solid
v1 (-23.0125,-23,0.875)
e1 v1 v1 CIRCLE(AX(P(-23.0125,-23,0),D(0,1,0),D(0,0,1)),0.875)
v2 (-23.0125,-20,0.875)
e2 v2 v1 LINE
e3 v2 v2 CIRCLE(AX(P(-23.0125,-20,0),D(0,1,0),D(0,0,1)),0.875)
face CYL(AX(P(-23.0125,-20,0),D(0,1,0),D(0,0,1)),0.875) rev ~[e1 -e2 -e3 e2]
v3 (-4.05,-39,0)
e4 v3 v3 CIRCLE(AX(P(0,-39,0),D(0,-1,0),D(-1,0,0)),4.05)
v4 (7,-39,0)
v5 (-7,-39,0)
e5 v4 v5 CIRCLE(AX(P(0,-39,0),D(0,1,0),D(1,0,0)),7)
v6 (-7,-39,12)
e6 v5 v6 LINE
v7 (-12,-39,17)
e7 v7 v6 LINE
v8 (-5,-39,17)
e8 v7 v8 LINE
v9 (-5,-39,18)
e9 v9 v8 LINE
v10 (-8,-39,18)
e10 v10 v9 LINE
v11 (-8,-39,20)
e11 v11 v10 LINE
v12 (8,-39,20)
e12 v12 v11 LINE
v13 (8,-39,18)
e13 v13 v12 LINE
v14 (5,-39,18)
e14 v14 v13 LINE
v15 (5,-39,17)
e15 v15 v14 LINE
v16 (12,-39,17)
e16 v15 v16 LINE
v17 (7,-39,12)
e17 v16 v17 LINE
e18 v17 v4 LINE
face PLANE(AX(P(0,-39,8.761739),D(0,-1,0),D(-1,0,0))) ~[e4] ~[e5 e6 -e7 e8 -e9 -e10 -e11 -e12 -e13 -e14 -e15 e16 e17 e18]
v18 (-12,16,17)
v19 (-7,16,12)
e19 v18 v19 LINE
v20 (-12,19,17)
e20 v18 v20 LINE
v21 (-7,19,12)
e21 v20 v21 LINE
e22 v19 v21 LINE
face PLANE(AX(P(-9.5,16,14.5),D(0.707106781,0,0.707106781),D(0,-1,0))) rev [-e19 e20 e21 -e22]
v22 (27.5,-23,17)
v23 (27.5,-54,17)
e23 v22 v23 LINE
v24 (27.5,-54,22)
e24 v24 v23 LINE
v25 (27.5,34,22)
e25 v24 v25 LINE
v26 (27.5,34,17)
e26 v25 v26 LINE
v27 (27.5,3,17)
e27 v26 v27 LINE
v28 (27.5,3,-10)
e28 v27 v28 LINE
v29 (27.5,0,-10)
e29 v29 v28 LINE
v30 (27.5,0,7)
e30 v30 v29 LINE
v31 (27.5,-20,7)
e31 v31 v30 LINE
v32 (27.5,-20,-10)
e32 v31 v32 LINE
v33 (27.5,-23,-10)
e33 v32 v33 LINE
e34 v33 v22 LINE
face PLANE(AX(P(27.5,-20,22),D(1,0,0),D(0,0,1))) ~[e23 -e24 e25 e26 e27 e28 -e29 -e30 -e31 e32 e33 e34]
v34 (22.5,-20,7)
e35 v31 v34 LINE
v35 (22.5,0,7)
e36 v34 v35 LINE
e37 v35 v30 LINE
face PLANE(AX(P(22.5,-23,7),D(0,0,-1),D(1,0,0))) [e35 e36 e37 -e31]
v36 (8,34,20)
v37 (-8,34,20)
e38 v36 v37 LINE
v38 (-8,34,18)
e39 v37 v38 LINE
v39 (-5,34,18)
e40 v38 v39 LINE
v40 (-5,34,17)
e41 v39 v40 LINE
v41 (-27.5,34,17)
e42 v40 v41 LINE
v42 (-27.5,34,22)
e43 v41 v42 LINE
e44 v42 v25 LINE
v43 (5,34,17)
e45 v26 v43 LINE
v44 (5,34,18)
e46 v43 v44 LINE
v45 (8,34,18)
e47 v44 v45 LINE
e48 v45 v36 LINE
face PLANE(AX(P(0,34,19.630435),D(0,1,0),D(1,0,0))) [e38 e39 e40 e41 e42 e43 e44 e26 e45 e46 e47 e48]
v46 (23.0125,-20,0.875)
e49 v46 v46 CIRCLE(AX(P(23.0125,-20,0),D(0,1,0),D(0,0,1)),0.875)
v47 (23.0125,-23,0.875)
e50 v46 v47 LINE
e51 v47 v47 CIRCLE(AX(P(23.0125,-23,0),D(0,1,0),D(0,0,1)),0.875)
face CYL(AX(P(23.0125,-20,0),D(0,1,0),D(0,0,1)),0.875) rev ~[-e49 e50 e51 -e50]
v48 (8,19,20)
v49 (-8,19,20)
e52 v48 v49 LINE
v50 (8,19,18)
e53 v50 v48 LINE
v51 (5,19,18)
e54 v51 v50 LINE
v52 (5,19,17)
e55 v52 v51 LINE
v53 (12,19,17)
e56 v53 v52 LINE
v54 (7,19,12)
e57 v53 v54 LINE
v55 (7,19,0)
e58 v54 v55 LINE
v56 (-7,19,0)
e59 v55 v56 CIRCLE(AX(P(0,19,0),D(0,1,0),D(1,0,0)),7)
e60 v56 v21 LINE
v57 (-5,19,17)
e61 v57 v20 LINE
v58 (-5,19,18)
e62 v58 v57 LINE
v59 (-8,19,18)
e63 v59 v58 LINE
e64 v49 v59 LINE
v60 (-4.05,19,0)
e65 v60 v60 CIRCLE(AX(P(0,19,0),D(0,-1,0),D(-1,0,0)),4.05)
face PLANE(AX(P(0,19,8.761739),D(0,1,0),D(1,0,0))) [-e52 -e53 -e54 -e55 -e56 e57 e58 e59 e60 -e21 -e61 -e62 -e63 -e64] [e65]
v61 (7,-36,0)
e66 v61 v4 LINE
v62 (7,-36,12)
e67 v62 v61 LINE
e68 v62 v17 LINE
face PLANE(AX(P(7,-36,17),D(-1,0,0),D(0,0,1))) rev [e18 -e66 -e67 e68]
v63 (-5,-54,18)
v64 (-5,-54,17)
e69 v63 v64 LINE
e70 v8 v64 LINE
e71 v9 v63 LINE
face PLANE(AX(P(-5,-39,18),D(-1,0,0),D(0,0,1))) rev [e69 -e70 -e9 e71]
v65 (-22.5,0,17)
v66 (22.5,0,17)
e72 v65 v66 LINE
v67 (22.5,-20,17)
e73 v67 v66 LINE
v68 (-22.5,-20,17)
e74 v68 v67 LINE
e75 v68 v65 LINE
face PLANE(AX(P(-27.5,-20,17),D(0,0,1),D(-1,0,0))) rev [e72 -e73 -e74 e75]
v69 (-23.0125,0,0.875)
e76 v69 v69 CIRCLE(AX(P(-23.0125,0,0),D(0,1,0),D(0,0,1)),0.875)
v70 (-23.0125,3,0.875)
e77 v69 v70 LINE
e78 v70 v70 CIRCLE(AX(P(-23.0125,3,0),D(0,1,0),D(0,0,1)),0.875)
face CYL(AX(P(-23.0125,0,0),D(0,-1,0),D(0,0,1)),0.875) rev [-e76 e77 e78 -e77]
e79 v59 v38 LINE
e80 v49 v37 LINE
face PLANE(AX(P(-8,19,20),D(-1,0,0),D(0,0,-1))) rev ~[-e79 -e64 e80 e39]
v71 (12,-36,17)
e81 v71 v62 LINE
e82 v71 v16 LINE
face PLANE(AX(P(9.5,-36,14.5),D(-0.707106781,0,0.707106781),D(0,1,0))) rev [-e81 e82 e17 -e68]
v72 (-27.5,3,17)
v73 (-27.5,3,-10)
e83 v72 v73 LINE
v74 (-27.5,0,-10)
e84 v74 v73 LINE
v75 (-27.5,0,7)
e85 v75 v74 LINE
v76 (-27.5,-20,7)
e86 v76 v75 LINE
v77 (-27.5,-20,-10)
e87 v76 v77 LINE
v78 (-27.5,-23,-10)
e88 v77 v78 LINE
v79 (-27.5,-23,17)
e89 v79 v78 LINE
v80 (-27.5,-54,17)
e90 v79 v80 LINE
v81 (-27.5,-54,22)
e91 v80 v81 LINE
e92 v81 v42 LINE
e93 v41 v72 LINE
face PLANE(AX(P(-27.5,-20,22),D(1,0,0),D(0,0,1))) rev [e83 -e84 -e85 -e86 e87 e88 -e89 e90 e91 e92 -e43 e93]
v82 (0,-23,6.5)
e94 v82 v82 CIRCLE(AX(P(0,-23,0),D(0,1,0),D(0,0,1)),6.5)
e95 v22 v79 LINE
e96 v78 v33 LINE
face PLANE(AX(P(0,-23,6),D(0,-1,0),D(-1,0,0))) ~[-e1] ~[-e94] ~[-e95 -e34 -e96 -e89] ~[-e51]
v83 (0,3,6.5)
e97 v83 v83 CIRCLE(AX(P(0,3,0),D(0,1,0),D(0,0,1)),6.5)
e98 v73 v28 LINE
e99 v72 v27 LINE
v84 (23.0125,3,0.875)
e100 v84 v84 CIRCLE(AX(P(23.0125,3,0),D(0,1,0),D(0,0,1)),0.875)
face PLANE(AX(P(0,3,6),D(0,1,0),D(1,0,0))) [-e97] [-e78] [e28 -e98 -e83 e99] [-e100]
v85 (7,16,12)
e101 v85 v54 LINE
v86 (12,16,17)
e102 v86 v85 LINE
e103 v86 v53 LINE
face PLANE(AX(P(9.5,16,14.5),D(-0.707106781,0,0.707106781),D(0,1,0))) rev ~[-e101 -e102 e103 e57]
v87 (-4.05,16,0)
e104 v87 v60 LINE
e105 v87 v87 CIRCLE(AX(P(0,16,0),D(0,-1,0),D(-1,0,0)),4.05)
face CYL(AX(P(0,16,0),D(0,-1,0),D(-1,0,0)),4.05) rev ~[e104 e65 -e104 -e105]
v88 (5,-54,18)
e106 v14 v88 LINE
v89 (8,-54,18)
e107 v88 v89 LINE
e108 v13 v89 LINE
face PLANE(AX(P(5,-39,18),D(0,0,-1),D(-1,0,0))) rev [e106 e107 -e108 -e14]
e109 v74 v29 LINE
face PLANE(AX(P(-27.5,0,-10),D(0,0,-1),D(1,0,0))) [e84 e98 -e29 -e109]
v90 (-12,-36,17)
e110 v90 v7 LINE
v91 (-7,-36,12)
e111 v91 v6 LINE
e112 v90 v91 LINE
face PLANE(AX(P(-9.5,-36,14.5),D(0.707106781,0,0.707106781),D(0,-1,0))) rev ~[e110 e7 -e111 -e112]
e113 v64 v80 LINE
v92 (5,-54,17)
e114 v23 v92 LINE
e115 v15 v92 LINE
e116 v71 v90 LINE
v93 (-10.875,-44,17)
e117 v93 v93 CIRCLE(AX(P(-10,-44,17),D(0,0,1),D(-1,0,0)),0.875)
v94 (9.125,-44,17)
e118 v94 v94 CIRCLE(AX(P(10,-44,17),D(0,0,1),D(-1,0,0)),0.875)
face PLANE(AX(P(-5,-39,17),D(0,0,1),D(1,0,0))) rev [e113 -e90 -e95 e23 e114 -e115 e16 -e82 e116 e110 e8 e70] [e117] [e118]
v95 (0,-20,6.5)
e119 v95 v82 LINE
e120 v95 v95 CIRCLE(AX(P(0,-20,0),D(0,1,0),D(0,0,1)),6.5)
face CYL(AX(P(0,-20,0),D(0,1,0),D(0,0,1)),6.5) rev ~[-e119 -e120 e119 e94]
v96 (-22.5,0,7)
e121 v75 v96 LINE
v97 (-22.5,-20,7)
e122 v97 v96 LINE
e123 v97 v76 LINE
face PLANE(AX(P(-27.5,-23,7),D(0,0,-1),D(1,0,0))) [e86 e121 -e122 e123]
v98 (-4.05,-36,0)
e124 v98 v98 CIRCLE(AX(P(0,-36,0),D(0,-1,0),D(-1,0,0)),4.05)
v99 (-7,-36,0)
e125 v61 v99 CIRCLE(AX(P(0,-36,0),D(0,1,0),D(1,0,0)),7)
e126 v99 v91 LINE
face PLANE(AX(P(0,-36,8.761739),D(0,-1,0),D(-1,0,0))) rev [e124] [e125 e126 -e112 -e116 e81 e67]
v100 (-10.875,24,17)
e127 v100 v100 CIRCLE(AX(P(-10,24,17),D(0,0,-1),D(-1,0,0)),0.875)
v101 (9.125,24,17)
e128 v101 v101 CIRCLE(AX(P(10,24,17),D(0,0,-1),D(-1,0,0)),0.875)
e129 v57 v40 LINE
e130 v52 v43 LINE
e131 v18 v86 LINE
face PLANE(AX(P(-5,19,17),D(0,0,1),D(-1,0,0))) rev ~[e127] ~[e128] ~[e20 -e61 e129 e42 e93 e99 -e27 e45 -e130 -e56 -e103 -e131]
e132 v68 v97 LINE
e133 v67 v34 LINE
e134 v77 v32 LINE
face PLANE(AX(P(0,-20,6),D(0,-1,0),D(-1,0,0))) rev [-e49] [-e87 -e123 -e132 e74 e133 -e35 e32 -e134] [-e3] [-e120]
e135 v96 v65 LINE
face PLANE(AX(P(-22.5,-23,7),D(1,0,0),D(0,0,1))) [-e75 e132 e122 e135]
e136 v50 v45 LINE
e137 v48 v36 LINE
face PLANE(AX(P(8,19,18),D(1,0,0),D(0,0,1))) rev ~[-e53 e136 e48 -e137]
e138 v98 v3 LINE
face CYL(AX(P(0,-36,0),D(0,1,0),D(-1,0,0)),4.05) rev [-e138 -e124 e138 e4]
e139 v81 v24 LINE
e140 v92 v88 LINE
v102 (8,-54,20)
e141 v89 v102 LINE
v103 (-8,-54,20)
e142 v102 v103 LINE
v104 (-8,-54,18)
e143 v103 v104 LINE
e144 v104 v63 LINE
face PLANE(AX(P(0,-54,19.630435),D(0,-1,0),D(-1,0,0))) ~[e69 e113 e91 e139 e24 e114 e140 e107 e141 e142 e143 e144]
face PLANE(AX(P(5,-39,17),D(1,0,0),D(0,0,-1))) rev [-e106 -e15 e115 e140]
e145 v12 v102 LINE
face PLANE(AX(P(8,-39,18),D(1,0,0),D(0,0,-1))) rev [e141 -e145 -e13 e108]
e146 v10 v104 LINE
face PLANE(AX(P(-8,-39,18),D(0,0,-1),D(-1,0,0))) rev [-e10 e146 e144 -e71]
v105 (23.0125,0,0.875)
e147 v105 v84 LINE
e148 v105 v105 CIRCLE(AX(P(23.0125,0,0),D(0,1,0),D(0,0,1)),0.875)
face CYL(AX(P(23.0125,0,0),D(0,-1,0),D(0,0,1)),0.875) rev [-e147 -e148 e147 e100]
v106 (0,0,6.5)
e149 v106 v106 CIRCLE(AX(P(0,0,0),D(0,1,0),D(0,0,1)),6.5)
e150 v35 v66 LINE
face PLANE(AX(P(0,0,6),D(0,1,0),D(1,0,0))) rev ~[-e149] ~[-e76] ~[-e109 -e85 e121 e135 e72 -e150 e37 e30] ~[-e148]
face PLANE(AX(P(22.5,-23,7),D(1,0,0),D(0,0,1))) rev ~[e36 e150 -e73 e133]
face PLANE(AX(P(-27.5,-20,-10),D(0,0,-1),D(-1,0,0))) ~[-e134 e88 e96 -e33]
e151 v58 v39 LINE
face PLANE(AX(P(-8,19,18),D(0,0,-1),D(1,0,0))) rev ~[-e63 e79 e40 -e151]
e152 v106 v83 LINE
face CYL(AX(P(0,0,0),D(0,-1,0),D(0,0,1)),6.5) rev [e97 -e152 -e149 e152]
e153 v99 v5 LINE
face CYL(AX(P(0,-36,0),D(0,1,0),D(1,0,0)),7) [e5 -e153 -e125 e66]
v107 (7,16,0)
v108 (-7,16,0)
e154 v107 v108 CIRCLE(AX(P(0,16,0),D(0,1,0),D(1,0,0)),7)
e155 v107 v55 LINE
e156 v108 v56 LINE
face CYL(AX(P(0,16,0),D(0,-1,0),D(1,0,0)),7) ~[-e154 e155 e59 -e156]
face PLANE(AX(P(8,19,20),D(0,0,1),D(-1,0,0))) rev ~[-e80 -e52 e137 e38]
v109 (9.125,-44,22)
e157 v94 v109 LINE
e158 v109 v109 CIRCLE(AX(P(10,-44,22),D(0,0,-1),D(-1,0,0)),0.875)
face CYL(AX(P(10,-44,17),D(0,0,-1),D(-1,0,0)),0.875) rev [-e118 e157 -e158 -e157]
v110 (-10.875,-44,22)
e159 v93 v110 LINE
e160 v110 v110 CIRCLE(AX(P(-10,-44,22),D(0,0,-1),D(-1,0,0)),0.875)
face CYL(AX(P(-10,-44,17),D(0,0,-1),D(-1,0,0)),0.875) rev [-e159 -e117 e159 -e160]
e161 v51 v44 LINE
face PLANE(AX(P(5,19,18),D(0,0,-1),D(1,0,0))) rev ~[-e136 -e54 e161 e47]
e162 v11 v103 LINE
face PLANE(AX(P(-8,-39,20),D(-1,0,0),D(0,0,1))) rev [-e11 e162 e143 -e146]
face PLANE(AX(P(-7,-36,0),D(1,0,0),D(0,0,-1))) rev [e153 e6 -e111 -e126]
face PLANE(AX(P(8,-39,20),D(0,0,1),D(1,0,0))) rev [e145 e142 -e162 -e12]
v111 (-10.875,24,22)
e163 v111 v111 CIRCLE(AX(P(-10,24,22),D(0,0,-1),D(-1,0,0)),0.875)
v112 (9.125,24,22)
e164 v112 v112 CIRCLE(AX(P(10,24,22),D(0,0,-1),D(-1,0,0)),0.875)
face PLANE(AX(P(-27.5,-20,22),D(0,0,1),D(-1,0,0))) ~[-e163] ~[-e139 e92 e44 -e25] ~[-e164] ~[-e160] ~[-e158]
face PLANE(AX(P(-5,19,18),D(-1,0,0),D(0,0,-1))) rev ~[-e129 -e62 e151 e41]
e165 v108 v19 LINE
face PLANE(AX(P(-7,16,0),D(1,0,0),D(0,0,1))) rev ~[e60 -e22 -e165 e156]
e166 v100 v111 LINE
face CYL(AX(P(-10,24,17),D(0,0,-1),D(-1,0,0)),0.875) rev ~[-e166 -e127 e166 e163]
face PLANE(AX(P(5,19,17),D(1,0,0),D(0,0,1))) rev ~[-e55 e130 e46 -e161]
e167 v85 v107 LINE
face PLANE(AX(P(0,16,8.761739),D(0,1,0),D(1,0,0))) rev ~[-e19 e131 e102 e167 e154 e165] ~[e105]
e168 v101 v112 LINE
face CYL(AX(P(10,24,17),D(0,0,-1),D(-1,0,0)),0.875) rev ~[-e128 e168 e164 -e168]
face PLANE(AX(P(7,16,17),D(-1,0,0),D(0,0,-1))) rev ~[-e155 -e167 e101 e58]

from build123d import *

# Parameters (mm, degrees)
SKETCH1_W                = 55
SKETCH1_H                = 32
SKETCH1_R                = 0.875
SKETCH1_R_2              = 6.5
BOSS_EXTRUDE1_DEPTH      = 3
BOSS_EXTRUDE2_START      = 3
SKETCH1_4_W              = 55
SKETCH1_4_H              = 5
BOSS_EXTRUDE2_DEPTH      = 13
BOSS_EXTRUDE3_START      = 16
BOSS_EXTRUDE3_DEPTH      = 3
BOSS_EXTRUDE4_START      = 19
BOSS_EXTRUDE4_DEPTH      = 15
SKETCH1_7_W              = 55
SKETCH1_7_H              = 5
BOSS_EXTRUDE5_DEPTH      = 10
SKETCH2_R                = 0.875
CUT_EXTRUDE1_DEPTH       = 52.393092921
CHAMFER1_SIZE            = 5
CHAMFER1_OF_MIRROR4_SIZE = 5
SKETCH3_W                = 5
SKETCH3_H                = 10
BOSS_EXTRUDE6_DEPTH      = 23


with BuildPart() as part:
    # Sketch1 → Boss-Extrude1 (new body)
    with BuildSketch(Plane(origin=(0, 0, 0), x_dir=(1, 0, 0), z_dir=(0, 1, 0))):
        with Locations((0, -6)):
            Rectangle(SKETCH1_W, SKETCH1_H)
        with Locations(Location((-23.0125, 0, 0), (0, 0, 270))):
            Circle(SKETCH1_R, mode=Mode.SUBTRACT)
        with Locations(Location((23.0125, 0, 0), (0, 0, 270))):
            Circle(SKETCH1_R, mode=Mode.SUBTRACT)
        with Locations(Location((0, 0, 0), (0, 0, 270))):
            Circle(SKETCH1_R_2, mode=Mode.SUBTRACT)
    boss_extrude1 = extrude(amount=BOSS_EXTRUDE1_DEPTH)

    # Sketch1<4> → Boss-Extrude2 (add)
    with BuildSketch(Plane(origin=(0, 0, 0), x_dir=(1, 0, 0), z_dir=(0, 1, 0)).offset(BOSS_EXTRUDE2_START)):
        with Locations((0, -19.5)):
            Rectangle(SKETCH1_4_W, SKETCH1_4_H)
    boss_extrude2 = extrude(amount=BOSS_EXTRUDE2_DEPTH)

    # Sketch1<5> → Boss-Extrude3 (add)
    with BuildSketch(Plane(origin=(0, 0, 0), x_dir=(1, 0, 0), z_dir=(0, 1, 0)).offset(BOSS_EXTRUDE3_START)):
        with BuildLine():
            Line((7, -17), (7, 0))
            Line((7, 0), (6.5, 0))
            ThreePointArc((6.5, 0), (0, -6.5), (-6.5, 0))
            Line((-6.5, 0), (-7, 0))
            Line((-7, 0), (-7, -17))
            Line((-7, -17), (-5, -17))
            Line((-5, -17), (5, -17))
            Line((5, -17), (7, -17))
        make_face()
        with BuildLine():
            ThreePointArc((-6.5, 0), (0, -6.5), (6.5, 0))
            Line((6.5, 0), (4.05, 0))
            ThreePointArc((4.05, 0), (0, -4.05), (-4.05, 0))
            Line((-4.05, 0), (-6.5, 0))
        make_face()
        with BuildLine():
            Line((4.05, 0), (6.5, 0))
            ThreePointArc((6.5, 0), (0, 6.5), (-6.5, 0))
            Line((-6.5, 0), (-4.05, 0))
            ThreePointArc((-4.05, 0), (0, 4.05), (4.05, 0))
        make_face()
        with BuildLine():
            Line((6.5, 0), (7, 0))
            ThreePointArc((7, 0), (0, 7), (-7, 0))
            Line((-7, 0), (-6.5, 0))
            ThreePointArc((-6.5, 0), (0, 6.5), (6.5, 0))
        make_face()
        Polygon((27.5, -17), (7, -17), (5, -17), (5, -18), (8, -18), (8, -20), (-8, -20), (-8, -18), (-5, -18), (-5, -17), (-7, -17), (-27.5, -17), (-27.5, -22), (27.5, -22), align=None)
        Polygon((5, -18), (5, -17), (-5, -17), (-5, -18), (-8, -18), (-8, -20), (8, -20), (8, -18), align=None)
    boss_extrude3 = extrude(amount=BOSS_EXTRUDE3_DEPTH)

    # Sketch1<6> → Boss-Extrude4 (add)
    with BuildSketch(Plane(origin=(0, 0, 0), x_dir=(1, 0, 0), z_dir=(0, 1, 0)).offset(BOSS_EXTRUDE4_START)):
        Polygon((-7, -17), (-27.5, -17), (-27.5, -22), (27.5, -22), (27.5, -17), (7, -17), (5, -17), (5, -18), (8, -18), (8, -20), (-8, -20), (-8, -18), (-5, -18), (-5, -17), align=None)
    boss_extrude4 = extrude(amount=BOSS_EXTRUDE4_DEPTH)

    # Sketch1<7> → Boss-Extrude5 (add)
    with BuildSketch(Plane(origin=(0, 0, 0), x_dir=(1, 0, 0), z_dir=(0, 1, 0))):
        with Locations((0, -19.5)):
            Rectangle(SKETCH1_7_W, SKETCH1_7_H)
    boss_extrude5 = extrude(amount=-BOSS_EXTRUDE5_DEPTH)

    # Sketch2 → Cut-Extrude1 (cut, through all)
    with BuildSketch(Plane(origin=(0, 0, 17), x_dir=(-1, 0, 0), z_dir=(0, 0, -1))):
        with Locations((-10, 24)):
            Circle(SKETCH2_R)
        with Locations((10, 24)):
            Circle(SKETCH2_R)
    cut_extrude1 = extrude(amount=-CUT_EXTRUDE1_DEPTH, mode=Mode.SUBTRACT)

    # Chamfer1
    chamfer1_edges = [part.edges().sort_by_distance(p)[0] for p in [
        (7, 17.5, 17),
        (-7, 17.5, 17),
    ]]
    chamfer(chamfer1_edges, length=CHAMFER1_SIZE)

    # Mirror4: Boss-Extrude1, Boss-Extrude2, Boss-Extrude3, Boss-Extrude4, Boss-Extrude5, Cut-Extrude1 across plane
    add(boss_extrude1.mirror(Plane(origin=(0, -10, 0), x_dir=(0, 0, 1), z_dir=(0, -1, 0))))
    add(boss_extrude2.mirror(Plane(origin=(0, -10, 0), x_dir=(0, 0, 1), z_dir=(0, -1, 0))))
    add(boss_extrude3.mirror(Plane(origin=(0, -10, 0), x_dir=(0, 0, 1), z_dir=(0, -1, 0))))
    add(boss_extrude4.mirror(Plane(origin=(0, -10, 0), x_dir=(0, 0, 1), z_dir=(0, -1, 0))))
    add(boss_extrude5.mirror(Plane(origin=(0, -10, 0), x_dir=(0, 0, 1), z_dir=(0, -1, 0))))
    add(cut_extrude1.mirror(Plane(origin=(0, -10, 0), x_dir=(0, 0, 1), z_dir=(0, -1, 0))), mode=Mode.SUBTRACT)

    # Chamfer1 of Mirror4
    chamfer1_of_mirror4_edges = [part.edges().sort_by_distance(p)[0] for p in [
        (7, -37.5, 17),
        (-7, -37.5, 17),
    ]]
    chamfer(chamfer1_of_mirror4_edges, length=CHAMFER1_OF_MIRROR4_SIZE)

    # Sketch3 → Boss-Extrude6 (add)
    with BuildSketch(Plane.XZ.offset(23)):
        with Locations((-25, 12)):
            Rectangle(SKETCH3_W, SKETCH3_H)
        with Locations((25, 12)):
            Rectangle(SKETCH3_W, SKETCH3_H)
    extrude(amount=-BOSS_EXTRUDE6_DEPTH)


solid = part.part
